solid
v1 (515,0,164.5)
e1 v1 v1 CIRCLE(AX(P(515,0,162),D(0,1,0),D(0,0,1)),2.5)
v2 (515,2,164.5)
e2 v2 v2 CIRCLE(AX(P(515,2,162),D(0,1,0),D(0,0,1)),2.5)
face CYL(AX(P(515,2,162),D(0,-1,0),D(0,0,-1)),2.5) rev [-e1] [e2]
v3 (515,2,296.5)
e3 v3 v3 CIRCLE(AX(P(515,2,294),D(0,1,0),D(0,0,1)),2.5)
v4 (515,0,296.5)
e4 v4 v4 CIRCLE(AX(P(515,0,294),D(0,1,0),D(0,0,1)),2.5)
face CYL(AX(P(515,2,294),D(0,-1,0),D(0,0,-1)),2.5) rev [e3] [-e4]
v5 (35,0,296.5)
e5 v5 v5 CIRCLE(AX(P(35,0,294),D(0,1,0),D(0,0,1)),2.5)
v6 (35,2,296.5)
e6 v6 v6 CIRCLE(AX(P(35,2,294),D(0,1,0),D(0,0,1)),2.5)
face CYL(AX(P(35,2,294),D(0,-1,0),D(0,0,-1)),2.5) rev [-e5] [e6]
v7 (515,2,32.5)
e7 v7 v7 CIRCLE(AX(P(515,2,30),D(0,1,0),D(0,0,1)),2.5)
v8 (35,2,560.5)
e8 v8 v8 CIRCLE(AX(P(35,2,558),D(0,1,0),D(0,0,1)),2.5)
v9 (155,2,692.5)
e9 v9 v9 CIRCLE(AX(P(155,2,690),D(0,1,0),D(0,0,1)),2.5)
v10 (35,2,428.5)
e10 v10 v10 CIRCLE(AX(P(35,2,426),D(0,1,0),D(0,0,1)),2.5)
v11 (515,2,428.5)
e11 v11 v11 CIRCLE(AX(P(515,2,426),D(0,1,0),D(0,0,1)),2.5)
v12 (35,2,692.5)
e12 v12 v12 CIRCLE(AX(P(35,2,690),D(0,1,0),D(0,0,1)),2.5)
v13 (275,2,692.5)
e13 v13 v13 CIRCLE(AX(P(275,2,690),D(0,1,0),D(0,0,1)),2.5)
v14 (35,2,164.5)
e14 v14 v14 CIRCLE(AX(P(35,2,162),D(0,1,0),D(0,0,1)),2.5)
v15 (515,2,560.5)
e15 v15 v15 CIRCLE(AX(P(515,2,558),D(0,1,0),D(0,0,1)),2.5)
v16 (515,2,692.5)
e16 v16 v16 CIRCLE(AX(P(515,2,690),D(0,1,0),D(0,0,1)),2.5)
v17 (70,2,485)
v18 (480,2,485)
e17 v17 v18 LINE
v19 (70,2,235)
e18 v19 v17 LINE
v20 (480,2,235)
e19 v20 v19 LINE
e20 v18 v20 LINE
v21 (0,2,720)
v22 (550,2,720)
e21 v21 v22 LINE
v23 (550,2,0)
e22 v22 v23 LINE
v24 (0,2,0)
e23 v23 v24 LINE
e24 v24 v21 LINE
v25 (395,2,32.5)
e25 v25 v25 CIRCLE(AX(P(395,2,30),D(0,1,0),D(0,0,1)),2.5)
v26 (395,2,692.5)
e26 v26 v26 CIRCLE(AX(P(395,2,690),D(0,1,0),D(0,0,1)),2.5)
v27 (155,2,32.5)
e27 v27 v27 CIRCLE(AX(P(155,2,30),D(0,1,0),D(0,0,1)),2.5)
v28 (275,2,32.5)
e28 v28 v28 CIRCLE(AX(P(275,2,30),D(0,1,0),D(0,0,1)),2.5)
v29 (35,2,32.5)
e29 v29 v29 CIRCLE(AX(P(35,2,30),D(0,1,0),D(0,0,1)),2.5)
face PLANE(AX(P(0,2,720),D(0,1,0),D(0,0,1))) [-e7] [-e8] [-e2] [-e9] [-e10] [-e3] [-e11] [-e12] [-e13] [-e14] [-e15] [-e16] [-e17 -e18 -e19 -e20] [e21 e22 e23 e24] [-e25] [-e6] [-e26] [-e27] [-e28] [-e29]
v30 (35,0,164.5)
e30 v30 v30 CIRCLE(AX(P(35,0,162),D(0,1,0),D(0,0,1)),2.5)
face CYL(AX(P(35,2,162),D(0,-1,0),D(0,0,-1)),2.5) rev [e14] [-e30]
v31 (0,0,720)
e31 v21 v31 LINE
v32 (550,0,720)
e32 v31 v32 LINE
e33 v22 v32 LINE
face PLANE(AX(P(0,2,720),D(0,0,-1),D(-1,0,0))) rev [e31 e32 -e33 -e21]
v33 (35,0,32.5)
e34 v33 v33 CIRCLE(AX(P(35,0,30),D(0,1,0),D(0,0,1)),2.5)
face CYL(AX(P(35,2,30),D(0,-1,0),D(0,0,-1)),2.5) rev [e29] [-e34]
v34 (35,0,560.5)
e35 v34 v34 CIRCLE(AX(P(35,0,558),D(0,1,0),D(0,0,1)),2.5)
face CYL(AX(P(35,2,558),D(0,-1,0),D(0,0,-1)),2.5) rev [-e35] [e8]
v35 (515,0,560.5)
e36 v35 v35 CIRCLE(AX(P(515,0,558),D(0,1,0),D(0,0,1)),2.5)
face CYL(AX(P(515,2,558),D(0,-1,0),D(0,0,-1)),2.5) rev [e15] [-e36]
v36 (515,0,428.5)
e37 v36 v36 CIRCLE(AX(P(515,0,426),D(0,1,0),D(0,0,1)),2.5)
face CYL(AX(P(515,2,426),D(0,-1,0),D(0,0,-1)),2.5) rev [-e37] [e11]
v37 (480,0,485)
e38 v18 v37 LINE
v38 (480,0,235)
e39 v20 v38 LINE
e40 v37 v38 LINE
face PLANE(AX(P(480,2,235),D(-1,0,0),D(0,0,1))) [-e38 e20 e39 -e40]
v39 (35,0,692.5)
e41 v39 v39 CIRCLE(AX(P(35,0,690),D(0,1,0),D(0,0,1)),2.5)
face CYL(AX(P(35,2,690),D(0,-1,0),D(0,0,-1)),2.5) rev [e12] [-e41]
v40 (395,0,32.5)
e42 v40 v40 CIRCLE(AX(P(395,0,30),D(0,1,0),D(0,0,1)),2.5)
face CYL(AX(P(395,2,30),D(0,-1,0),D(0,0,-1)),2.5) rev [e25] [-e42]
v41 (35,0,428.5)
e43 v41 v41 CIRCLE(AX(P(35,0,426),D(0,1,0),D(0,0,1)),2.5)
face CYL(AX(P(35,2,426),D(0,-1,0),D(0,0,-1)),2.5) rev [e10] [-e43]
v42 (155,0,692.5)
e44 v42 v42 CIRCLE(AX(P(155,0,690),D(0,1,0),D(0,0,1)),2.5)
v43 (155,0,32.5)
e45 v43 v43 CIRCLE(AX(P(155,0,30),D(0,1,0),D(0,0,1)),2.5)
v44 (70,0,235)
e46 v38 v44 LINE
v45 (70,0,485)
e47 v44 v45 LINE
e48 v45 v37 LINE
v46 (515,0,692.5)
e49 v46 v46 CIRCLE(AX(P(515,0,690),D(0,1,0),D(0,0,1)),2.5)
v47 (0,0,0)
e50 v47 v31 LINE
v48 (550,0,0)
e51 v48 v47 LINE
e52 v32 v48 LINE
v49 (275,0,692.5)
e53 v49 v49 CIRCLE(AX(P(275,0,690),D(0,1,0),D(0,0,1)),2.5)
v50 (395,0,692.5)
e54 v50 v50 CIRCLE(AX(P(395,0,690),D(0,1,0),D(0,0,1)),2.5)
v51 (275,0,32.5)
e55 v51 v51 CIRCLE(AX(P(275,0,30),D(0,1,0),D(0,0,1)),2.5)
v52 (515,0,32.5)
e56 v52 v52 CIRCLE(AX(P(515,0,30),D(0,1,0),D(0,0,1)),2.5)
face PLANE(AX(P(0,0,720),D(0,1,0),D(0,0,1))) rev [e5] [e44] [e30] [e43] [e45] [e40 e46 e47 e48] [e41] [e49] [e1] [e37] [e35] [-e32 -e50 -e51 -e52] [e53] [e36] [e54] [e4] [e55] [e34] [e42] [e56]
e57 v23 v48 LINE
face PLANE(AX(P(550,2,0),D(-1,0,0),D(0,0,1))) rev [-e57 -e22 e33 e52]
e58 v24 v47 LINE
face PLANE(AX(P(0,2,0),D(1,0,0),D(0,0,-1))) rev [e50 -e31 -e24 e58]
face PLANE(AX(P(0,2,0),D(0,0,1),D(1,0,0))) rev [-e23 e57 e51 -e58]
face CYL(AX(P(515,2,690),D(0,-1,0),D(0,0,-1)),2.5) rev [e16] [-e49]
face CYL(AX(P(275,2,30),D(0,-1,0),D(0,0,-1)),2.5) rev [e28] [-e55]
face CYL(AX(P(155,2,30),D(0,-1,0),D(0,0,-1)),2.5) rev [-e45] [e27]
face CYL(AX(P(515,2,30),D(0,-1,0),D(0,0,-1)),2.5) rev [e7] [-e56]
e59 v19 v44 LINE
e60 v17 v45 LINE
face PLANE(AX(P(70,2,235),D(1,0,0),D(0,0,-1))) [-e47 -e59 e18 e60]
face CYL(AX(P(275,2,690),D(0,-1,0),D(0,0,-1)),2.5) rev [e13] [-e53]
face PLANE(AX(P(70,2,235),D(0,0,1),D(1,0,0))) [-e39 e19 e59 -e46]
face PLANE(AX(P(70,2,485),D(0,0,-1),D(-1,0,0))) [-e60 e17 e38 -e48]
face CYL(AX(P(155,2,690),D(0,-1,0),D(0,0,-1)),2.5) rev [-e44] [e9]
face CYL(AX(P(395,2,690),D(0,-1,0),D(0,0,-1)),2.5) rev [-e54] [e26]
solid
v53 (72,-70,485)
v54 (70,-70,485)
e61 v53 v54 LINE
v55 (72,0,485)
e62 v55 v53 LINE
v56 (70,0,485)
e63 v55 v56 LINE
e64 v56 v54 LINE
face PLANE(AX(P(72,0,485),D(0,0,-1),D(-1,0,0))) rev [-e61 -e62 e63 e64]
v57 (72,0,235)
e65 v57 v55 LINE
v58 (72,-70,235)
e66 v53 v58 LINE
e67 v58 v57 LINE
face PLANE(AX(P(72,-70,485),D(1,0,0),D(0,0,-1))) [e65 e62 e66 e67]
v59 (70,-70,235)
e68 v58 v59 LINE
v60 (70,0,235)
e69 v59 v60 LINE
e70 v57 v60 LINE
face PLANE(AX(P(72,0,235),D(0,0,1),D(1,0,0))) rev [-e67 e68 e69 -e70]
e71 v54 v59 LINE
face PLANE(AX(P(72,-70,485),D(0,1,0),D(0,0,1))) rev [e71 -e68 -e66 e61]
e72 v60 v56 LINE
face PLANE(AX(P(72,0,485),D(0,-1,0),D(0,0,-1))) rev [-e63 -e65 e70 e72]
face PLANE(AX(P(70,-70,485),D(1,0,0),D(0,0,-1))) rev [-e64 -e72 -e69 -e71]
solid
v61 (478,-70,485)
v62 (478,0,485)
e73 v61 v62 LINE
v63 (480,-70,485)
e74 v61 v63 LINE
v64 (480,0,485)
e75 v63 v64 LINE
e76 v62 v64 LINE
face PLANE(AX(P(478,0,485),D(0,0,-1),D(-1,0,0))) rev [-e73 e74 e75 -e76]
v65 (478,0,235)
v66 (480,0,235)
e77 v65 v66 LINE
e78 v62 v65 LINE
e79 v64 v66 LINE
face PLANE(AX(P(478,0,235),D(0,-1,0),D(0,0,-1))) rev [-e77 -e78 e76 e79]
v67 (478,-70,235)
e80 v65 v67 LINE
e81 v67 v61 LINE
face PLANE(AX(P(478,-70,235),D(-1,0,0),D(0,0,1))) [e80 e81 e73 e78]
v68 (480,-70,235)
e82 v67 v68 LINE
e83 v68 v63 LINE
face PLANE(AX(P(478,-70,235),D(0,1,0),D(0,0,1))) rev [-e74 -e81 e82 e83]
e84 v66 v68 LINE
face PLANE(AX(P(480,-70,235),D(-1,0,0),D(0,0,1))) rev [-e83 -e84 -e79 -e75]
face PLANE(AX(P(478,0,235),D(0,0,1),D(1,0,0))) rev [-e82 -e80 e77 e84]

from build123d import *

# Parameters (mm, degrees)
SKETCH3_W           = 550
SKETCH3_H           = 720
SKETCH3_R           = 2.5
SKETCH3_W_2         = 410
SKETCH3_H_2         = 250
BOSS_EXTRUDE2_DEPTH = 2
SKETCH5_W           = 250
SKETCH5_H           = 70
BOSS_EXTRUDE3_DEPTH = 2
SKETCH6_W           = 250
SKETCH6_H           = 70
BOSS_EXTRUDE4_DEPTH = 2


with BuildPart() as part:
    # Sketch3 → Boss-Extrude2 (new body)
    with BuildSketch(Plane(origin=(0, 0, 0), x_dir=(1, 0, 0), z_dir=(0, 1, 0))):
        with Locations((275, -360)):
            Rectangle(SKETCH3_W, SKETCH3_H)
        with Locations(Location((35, -30, 0), (0, 0, 270))):
            Circle(SKETCH3_R, mode=Mode.SUBTRACT)
        with Locations(Location((35, -162, 0), (0, 0, 270))):
            Circle(SKETCH3_R, mode=Mode.SUBTRACT)
        with Locations(Location((35, -294, 0), (0, 0, 270))):
            Circle(SKETCH3_R, mode=Mode.SUBTRACT)
        with Locations(Location((35, -426, 0), (0, 0, 270))):
            Circle(SKETCH3_R, mode=Mode.SUBTRACT)
        with Locations(Location((35, -558, 0), (0, 0, 270))):
            Circle(SKETCH3_R, mode=Mode.SUBTRACT)
        with Locations(Location((35, -690, 0), (0, 0, 270))):
            Circle(SKETCH3_R, mode=Mode.SUBTRACT)
        with Locations(Location((275, -30, 0), (0, 0, 270))):
            Circle(SKETCH3_R, mode=Mode.SUBTRACT)
        with Locations(Location((155, -30, 0), (0, 0, 270))):
            Circle(SKETCH3_R, mode=Mode.SUBTRACT)
        with Locations(Location((395, -30, 0), (0, 0, 270))):
            Circle(SKETCH3_R, mode=Mode.SUBTRACT)
        with Locations(Location((155, -690, 0), (0, 0, 270))):
            Circle(SKETCH3_R, mode=Mode.SUBTRACT)
        with Locations(Location((275, -690, 0), (0, 0, 270))):
            Circle(SKETCH3_R, mode=Mode.SUBTRACT)
        with Locations(Location((395, -690, 0), (0, 0, 270))):
            Circle(SKETCH3_R, mode=Mode.SUBTRACT)
        with Locations(Location((515, -690, 0), (0, 0, 270))):
            Circle(SKETCH3_R, mode=Mode.SUBTRACT)
        with Locations(Location((515, -558, 0), (0, 0, 270))):
            Circle(SKETCH3_R, mode=Mode.SUBTRACT)
        with Locations(Location((515, -426, 0), (0, 0, 270))):
            Circle(SKETCH3_R, mode=Mode.SUBTRACT)
        with Locations(Location((515, -294, 0), (0, 0, 270))):
            Circle(SKETCH3_R, mode=Mode.SUBTRACT)
        with Locations(Location((515, -162, 0), (0, 0, 270))):
            Circle(SKETCH3_R, mode=Mode.SUBTRACT)
        with Locations(Location((515, -30, 0), (0, 0, 270))):
            Circle(SKETCH3_R, mode=Mode.SUBTRACT)
        with Locations((275, -360)):
            Rectangle(SKETCH3_W_2, SKETCH3_H_2, mode=Mode.SUBTRACT)
    extrude(amount=BOSS_EXTRUDE2_DEPTH)


with BuildPart() as body_2:
    # Sketch5 → Boss-Extrude3 (new body)
    with BuildSketch(Plane(origin=(70, 0, 0), x_dir=(0, 0, -1), z_dir=(1, 0, 0))):
        with Locations((-360, -35)):
            Rectangle(SKETCH5_W, SKETCH5_H)
    extrude(amount=BOSS_EXTRUDE3_DEPTH)


with BuildPart() as body_3:
    # Sketch6 → Boss-Extrude4 (new body)
    with BuildSketch(Plane.ZY.offset(-480)):
        with Locations((360, -35)):
            Rectangle(SKETCH6_W, SKETCH6_H)
    extrude(amount=BOSS_EXTRUDE4_DEPTH)


solid = Compound([part.part, body_2.part, body_3.part])
